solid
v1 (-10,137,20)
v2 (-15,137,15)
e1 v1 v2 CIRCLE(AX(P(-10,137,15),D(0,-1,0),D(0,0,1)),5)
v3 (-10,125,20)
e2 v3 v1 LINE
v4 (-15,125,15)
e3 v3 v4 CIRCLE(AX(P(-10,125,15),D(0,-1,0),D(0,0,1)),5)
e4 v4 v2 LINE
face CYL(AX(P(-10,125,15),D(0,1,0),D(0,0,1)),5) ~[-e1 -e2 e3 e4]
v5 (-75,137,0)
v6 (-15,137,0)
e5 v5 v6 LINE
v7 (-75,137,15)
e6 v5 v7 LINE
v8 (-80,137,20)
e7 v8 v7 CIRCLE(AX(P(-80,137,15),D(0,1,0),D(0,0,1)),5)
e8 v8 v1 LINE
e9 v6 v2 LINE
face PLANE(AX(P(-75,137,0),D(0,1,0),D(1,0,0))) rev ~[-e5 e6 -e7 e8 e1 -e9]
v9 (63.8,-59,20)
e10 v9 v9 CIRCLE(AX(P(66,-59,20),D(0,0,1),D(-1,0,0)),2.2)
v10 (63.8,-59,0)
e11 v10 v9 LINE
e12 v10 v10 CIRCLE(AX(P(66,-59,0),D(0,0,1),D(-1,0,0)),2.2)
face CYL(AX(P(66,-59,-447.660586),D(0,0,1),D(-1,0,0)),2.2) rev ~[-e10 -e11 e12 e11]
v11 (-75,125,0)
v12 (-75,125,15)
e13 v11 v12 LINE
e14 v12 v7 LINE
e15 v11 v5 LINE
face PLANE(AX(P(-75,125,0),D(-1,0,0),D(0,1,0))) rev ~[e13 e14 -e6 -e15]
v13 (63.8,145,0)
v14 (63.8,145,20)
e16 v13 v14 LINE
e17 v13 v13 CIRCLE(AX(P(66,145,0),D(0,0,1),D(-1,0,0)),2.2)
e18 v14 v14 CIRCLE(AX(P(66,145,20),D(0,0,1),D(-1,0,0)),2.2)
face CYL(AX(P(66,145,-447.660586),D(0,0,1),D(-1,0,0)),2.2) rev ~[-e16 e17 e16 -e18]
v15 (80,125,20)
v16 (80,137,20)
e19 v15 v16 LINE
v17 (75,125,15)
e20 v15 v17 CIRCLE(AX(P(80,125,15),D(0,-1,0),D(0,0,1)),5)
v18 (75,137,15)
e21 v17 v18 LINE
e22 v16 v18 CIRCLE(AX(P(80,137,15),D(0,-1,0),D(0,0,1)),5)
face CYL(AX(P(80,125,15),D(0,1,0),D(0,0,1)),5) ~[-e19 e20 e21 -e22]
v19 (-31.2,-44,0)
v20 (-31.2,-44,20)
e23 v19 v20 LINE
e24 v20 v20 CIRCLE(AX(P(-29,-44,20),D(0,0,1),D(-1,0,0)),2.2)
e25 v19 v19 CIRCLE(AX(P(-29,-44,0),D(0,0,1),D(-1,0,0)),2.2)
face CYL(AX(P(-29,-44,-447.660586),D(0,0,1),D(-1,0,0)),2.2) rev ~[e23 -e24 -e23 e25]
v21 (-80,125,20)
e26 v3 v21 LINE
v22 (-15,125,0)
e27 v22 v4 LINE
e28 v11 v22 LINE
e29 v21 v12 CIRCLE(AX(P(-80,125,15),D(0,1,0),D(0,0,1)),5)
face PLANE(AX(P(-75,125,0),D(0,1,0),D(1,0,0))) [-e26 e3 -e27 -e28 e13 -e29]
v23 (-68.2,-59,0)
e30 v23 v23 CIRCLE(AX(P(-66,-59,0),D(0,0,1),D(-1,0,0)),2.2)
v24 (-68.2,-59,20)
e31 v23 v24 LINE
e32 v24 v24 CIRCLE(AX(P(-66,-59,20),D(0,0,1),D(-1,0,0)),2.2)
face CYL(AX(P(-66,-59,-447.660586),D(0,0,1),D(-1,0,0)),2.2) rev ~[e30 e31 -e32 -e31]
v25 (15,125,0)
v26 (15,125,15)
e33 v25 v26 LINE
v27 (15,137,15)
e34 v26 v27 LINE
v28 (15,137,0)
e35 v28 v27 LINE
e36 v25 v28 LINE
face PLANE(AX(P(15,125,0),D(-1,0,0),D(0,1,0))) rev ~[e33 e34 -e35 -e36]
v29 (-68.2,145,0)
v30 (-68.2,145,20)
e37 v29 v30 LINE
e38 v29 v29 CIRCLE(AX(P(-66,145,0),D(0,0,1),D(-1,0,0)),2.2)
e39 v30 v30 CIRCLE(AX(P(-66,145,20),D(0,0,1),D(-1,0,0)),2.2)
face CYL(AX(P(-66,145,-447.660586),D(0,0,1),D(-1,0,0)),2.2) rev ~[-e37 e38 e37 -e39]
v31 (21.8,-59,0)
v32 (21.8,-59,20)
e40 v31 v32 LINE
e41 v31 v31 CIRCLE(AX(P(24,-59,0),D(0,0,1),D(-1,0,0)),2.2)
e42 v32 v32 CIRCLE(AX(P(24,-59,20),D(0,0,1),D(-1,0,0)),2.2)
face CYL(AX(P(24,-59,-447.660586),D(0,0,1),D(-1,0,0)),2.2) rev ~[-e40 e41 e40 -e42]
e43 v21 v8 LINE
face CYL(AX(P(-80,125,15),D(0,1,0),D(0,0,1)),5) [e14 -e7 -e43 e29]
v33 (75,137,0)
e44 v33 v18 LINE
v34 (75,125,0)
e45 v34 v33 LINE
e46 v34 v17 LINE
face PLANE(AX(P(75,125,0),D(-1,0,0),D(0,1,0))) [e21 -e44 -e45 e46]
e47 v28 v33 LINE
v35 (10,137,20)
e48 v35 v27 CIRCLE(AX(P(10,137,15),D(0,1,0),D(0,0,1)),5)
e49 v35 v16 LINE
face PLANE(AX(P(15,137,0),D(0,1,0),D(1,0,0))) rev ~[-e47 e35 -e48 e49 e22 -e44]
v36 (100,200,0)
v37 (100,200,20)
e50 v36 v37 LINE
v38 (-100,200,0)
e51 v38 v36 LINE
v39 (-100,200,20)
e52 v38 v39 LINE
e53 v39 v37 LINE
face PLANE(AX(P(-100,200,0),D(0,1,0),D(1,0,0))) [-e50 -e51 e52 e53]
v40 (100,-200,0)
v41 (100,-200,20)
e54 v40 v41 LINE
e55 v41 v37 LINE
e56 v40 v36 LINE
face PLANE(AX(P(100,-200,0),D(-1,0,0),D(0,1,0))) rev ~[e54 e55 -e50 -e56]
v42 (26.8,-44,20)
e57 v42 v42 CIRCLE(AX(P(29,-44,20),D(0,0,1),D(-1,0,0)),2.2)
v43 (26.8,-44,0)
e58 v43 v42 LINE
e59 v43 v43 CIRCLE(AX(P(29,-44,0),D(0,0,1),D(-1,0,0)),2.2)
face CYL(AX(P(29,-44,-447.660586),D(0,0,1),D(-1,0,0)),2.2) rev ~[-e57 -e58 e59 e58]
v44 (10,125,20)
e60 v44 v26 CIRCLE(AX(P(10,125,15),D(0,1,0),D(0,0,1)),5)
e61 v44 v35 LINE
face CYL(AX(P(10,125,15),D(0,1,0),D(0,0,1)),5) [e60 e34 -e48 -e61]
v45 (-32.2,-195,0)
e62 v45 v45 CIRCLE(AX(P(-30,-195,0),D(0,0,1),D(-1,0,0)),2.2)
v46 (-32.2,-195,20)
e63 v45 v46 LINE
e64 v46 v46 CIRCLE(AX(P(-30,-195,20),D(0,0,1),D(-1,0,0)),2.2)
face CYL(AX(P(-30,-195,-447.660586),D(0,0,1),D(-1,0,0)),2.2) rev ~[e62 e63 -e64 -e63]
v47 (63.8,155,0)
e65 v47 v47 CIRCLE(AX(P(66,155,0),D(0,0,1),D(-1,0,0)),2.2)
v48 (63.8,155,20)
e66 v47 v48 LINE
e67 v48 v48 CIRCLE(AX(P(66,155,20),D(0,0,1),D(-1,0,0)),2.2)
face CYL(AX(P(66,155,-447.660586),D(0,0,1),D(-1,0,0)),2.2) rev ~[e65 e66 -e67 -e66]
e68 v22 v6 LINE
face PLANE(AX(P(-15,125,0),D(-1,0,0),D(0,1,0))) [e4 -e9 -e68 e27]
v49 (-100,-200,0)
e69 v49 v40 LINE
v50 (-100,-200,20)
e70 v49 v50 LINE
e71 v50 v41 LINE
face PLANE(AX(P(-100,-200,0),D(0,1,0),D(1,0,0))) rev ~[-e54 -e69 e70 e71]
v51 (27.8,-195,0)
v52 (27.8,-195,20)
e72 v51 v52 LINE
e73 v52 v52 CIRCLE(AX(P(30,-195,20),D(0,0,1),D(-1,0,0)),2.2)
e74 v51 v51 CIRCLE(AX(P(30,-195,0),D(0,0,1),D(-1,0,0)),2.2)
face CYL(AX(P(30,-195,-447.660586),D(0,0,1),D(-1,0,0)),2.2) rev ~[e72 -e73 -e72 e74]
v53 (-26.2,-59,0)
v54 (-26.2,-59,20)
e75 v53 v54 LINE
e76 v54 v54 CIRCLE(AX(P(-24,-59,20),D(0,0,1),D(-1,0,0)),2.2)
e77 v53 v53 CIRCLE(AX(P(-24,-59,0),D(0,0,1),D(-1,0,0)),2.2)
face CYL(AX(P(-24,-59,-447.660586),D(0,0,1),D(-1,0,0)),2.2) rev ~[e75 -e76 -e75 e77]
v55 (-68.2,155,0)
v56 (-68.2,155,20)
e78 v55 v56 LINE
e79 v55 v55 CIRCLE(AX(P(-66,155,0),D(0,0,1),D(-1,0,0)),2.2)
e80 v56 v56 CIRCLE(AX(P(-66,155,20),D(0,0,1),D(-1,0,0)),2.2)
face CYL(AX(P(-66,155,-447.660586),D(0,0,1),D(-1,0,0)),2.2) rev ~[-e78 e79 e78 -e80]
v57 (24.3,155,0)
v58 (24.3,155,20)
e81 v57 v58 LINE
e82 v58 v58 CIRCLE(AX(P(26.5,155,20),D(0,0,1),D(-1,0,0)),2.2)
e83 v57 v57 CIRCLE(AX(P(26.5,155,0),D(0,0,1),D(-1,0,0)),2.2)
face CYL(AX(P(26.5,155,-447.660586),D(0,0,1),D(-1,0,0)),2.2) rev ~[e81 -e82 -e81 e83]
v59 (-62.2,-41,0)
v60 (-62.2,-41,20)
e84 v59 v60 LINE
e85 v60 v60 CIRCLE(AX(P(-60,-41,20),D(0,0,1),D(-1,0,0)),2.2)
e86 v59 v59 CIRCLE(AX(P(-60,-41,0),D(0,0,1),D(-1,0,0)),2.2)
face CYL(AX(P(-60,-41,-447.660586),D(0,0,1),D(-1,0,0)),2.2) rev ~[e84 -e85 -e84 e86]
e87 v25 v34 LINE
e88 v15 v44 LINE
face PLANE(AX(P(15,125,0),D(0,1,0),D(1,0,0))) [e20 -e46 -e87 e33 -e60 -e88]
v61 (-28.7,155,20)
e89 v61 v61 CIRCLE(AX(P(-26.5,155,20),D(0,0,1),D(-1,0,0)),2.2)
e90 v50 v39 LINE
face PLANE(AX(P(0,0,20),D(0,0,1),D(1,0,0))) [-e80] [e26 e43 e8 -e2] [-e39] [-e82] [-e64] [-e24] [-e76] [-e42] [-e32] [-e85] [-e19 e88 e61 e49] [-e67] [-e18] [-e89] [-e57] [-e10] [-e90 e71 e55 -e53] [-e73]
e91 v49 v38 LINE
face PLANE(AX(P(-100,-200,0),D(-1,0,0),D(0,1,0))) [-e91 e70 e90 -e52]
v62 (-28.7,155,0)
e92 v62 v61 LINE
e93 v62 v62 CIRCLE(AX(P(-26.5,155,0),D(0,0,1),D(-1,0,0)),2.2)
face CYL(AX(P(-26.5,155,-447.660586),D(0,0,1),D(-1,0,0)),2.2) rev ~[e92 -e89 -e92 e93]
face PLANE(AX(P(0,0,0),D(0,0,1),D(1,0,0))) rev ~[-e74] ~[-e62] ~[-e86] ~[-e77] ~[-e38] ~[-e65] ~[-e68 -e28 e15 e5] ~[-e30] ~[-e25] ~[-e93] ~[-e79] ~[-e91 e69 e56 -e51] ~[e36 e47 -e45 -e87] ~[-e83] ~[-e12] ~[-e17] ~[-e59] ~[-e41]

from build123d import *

# Parameters (mm, degrees)
F0_W     = 200
F0_H     = 400
F0_W_2   = 60
F0_H_2   = 12
F1_DEPTH = 20
F2_D     = 4.4
F3_R     = 5


with BuildPart() as f1:
    # F0 (on Top) → F1 (new body)
    with BuildSketch(Plane.XY):
        Rectangle(F0_W, F0_H)
        with Locations((-45, 131)):
            Rectangle(F0_W_2, F0_H_2, mode=Mode.SUBTRACT)
        with Locations((45, 131)):
            Rectangle(F0_W_2, F0_H_2, mode=Mode.SUBTRACT)
    extrude(amount=F1_DEPTH)

    # F2 (through all)
    with Locations(Plane(origin=(0, 0, 0), x_dir=(1, 0, 0), z_dir=(0, 0, -1))):
        with Locations((-26.5, -155), (26.5, -155), (-66, 59), (-24, 59), (24, 59), (66, 59), (-66, -155), (-66, -145), (66, -155), (66, -145), (-29, 44), (29, 44), (-30, 195), (30, 195), (-60, 41)):
            Hole(F2_D / 2)

    # F3
    f3_edges = [f1.edges().sort_by_distance(p)[0] for p in [
        (-75, 131, 20),
        (-15, 131, 20),
        (15, 131, 20),
        (75, 131, 20),
    ]]
    fillet(f3_edges, radius=F3_R)


solid = f1.part
